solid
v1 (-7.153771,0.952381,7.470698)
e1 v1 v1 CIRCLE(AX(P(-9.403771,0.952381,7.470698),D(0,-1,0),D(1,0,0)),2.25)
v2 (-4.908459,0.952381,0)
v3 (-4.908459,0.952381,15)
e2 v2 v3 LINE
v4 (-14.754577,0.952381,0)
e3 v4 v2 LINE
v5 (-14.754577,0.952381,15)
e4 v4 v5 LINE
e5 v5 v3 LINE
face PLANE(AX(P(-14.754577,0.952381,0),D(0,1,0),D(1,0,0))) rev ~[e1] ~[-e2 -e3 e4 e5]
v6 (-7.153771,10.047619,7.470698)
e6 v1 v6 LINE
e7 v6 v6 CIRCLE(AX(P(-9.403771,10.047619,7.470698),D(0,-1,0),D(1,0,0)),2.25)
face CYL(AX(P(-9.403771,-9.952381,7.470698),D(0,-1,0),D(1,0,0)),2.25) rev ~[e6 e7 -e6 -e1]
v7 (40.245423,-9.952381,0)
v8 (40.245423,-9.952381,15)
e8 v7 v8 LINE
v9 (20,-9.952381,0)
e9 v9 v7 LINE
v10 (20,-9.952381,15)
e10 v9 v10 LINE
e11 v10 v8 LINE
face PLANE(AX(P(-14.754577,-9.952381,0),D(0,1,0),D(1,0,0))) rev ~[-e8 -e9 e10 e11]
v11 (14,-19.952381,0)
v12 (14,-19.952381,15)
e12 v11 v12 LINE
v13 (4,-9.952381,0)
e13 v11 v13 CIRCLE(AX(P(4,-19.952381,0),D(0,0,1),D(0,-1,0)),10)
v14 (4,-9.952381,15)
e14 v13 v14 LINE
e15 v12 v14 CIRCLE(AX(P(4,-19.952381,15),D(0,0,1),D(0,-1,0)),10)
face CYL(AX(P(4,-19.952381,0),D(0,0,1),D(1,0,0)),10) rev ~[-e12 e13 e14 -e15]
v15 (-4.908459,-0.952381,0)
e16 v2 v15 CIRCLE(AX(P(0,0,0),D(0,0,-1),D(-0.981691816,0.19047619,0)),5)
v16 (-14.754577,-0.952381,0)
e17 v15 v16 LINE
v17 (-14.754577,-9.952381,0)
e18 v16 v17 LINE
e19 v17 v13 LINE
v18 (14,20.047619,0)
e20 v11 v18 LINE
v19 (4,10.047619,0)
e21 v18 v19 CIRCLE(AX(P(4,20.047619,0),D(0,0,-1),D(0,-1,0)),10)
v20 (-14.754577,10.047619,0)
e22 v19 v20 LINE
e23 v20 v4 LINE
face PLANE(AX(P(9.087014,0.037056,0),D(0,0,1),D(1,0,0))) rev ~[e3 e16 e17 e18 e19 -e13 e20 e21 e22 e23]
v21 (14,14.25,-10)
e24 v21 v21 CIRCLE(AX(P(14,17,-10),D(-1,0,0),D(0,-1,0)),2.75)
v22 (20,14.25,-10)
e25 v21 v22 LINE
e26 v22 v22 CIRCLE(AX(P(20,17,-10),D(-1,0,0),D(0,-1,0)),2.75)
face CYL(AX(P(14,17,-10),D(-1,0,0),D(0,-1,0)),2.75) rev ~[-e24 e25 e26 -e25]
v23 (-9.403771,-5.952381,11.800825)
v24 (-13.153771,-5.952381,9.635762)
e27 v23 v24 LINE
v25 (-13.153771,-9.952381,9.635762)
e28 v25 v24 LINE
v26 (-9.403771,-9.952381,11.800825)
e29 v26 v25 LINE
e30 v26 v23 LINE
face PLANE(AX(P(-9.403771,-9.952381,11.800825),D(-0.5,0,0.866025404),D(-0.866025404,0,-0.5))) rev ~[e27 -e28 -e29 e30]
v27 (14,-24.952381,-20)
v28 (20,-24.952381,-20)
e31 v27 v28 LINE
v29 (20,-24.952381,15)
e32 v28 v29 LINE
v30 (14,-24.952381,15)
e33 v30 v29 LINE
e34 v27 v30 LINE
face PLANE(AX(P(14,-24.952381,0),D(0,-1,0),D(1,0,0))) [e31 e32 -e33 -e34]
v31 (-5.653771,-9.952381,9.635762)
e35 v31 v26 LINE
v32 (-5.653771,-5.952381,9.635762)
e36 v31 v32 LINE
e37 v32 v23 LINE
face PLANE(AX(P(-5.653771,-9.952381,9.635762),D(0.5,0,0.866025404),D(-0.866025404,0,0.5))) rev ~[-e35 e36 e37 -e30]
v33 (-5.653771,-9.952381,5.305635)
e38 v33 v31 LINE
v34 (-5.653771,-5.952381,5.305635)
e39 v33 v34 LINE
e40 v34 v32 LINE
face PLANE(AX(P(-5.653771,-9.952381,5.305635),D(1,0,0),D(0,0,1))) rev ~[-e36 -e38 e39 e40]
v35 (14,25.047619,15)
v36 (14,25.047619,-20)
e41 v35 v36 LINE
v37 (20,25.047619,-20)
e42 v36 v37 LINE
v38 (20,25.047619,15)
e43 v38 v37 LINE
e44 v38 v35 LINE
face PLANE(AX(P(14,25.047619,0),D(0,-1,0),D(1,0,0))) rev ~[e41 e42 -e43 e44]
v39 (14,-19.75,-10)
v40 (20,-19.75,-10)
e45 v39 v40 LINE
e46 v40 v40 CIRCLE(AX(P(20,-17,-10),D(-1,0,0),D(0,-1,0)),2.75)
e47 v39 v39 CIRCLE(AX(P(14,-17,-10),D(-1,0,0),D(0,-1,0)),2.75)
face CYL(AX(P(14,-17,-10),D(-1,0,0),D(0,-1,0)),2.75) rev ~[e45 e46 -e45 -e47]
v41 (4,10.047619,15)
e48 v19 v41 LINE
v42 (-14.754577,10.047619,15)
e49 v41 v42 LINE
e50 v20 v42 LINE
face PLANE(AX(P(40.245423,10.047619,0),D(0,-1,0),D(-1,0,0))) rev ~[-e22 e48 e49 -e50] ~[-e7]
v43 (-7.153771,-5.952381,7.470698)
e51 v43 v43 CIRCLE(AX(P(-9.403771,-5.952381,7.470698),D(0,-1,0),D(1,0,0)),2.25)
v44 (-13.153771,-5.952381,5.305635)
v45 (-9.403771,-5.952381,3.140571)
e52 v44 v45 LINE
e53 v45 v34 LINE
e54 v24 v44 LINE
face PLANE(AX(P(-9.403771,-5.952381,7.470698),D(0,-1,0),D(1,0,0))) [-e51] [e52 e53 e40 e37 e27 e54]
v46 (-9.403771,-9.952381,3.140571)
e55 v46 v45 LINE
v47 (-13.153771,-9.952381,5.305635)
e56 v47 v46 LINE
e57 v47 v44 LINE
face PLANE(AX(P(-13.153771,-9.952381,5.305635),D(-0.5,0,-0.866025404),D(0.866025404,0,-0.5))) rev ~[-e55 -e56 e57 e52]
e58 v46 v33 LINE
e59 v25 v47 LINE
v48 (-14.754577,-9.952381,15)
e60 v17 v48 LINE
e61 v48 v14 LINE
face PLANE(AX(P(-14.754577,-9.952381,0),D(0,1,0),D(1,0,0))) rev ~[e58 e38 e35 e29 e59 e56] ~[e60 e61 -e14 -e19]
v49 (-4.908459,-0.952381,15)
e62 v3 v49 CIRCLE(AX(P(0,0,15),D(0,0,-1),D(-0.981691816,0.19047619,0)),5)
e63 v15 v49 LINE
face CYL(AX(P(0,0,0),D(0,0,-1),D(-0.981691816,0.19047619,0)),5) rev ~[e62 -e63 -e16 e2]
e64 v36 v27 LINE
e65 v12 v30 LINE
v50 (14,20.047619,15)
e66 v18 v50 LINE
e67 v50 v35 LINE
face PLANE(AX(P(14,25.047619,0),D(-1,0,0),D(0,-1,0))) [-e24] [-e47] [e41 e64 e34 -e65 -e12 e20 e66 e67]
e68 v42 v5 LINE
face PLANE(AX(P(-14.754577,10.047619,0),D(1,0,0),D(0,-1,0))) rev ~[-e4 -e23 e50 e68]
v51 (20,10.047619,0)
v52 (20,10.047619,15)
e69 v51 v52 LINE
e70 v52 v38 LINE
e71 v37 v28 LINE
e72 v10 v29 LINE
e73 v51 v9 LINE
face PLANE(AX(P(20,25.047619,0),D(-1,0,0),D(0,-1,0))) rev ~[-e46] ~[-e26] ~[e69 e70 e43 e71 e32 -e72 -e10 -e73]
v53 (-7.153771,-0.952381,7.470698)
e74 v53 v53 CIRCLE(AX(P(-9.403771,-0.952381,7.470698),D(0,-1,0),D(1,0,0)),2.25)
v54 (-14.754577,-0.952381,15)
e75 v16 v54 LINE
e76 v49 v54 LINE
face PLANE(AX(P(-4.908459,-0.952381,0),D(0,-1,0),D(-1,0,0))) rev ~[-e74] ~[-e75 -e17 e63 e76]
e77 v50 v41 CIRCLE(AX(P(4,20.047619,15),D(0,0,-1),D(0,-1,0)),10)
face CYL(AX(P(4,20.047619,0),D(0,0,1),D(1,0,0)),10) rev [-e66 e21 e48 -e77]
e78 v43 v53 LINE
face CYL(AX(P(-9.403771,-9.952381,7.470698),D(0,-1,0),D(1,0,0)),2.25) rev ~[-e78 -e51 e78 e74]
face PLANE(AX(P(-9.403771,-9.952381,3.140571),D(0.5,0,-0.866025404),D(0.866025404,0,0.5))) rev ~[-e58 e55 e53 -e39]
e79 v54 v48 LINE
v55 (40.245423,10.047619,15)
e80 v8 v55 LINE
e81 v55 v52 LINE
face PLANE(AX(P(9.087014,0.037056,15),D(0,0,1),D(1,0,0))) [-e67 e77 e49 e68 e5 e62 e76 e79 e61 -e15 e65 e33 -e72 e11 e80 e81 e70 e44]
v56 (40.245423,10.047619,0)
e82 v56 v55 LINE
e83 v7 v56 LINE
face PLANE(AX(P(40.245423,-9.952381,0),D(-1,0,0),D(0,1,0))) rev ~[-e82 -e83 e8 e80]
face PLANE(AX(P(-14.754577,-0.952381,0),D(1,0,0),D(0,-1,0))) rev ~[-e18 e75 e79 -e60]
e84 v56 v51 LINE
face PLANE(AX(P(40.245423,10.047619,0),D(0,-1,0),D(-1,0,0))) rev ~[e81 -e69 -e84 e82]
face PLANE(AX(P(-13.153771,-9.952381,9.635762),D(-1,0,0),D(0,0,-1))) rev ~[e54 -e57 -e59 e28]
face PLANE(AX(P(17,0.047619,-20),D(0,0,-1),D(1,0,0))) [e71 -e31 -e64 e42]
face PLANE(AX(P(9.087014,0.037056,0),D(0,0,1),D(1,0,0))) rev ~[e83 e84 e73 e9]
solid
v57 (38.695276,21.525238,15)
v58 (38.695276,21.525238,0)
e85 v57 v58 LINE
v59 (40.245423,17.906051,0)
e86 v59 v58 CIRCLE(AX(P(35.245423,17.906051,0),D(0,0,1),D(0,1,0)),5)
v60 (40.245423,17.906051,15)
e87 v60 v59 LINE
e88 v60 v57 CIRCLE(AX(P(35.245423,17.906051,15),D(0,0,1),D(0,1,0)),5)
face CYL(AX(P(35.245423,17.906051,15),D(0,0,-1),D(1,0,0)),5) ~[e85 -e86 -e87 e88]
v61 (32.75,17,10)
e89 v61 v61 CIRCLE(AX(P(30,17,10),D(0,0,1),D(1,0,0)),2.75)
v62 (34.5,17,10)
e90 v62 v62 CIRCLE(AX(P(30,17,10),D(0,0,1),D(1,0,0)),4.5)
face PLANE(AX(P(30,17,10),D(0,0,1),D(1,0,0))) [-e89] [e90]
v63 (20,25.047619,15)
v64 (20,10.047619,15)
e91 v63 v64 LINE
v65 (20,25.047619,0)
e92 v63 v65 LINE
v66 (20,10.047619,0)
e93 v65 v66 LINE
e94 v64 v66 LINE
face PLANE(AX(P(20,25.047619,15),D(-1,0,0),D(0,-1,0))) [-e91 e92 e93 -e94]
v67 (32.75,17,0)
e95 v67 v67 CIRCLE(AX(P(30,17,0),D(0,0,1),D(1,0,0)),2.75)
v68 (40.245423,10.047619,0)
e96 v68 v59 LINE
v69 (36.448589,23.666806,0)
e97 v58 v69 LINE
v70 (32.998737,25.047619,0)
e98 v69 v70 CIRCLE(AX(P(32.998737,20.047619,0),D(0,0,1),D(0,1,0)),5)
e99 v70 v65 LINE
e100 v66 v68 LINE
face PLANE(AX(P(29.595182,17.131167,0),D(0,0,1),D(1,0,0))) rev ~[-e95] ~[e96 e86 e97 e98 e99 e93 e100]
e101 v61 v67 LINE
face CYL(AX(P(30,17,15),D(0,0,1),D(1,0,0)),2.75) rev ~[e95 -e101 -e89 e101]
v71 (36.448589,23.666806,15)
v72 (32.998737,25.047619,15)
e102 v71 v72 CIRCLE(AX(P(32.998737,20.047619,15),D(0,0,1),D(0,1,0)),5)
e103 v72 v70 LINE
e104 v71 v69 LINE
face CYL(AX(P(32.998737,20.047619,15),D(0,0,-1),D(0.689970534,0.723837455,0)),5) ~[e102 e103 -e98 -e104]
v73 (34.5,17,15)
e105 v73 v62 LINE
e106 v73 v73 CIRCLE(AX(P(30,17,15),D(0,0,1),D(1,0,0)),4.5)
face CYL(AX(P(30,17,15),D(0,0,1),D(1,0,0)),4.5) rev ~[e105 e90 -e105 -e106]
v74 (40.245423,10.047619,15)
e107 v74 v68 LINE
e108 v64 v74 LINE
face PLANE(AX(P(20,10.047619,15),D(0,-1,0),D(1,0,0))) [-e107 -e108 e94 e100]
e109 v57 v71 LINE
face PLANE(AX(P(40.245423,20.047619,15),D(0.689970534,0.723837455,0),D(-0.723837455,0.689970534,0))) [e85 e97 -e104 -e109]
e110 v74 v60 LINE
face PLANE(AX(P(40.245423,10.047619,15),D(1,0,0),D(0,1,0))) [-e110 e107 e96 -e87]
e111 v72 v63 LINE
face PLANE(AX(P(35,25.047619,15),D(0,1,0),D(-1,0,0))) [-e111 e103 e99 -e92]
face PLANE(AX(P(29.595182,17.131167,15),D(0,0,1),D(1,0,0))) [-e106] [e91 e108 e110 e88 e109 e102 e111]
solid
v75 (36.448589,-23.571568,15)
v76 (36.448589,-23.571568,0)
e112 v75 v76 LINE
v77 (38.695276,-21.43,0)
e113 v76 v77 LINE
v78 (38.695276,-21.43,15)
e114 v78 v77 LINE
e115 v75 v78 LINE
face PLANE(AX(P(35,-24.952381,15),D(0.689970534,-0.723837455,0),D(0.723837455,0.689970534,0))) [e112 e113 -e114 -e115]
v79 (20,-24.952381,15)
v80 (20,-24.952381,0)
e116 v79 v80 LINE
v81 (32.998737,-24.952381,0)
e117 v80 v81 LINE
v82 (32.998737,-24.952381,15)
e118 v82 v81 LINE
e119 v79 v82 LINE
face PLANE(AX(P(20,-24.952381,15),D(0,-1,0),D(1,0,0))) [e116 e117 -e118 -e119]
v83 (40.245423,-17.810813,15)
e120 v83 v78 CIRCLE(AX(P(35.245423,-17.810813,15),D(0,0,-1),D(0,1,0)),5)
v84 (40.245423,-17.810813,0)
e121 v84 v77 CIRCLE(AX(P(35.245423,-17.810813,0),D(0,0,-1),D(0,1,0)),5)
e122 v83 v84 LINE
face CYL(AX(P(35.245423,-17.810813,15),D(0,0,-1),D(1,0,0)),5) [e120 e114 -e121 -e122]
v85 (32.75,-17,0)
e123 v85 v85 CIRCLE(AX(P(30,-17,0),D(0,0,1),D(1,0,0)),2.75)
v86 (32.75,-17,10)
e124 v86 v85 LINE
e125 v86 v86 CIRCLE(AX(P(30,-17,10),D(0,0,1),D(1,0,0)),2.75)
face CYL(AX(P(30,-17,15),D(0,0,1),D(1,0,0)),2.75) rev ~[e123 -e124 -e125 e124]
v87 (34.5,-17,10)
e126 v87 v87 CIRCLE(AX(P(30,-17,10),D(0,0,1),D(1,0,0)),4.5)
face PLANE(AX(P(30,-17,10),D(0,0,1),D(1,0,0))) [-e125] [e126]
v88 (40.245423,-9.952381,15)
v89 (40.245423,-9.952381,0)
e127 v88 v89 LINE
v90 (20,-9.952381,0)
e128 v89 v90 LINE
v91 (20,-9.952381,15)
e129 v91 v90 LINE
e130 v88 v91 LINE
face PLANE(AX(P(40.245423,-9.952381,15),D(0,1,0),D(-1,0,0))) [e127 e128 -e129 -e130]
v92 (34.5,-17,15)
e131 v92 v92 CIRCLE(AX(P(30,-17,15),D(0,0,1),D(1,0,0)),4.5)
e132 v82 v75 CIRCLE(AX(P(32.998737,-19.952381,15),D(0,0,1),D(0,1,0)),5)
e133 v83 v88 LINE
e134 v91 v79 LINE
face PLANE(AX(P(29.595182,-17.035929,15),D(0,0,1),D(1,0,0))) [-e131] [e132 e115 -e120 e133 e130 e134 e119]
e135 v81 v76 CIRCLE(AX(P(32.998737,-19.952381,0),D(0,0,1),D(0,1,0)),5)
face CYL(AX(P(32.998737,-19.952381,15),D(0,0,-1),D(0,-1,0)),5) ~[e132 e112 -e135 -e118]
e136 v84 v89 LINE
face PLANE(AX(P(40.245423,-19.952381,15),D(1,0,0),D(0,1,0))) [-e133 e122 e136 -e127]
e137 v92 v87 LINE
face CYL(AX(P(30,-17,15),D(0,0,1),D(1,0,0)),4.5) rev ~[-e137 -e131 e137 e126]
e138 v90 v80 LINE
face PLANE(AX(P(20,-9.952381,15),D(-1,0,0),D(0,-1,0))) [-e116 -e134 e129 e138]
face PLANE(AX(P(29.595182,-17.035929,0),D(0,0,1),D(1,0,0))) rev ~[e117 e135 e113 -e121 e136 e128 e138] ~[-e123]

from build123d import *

# Parameters (mm, degrees)
F1_DEPTH  = 15
F2_W      = 6
F2_H      = 15
F3_DEPTH  = 15
F4_W      = 6
F4_H      = 15
F5_DEPTH  = 15
F6_W      = 6
F6_H      = 50
F7_DEPTH  = 20
F8_R      = 2.75
F9_DEPTH  = 10
F11_DEPTH = 15
F12_R     = 10
F13_R     = 5
F13_2_R   = 5
F14_R     = 2.25
F15_DEPTH = 25
F16_R     = 2.75
F17_DEPTH = 20
F16_R_2   = 4.5
F18_DEPTH = 5
F19_R     = 2.75
F20_DEPTH = 20
F19_R_2   = 4.5
F21_DEPTH = 5
F22_DEPTH = 4


with BuildPart() as f1:
    # F0 (on Top) → F1 (new body)
    with BuildSketch(Plane.XY):
        with BuildLine():
            ThreePointArc((-4.9084590781, 0.9523809524), (5, 0), (-4.9084590781, -0.9523809524))
            Line((-4.9084590781, -0.9523809524), (-14.7545770461, -0.9523809524))
            Line((-14.7545770461, -0.9523809524), (-14.7545770461, -9.9523809524))
            Line((-14.7545770461, -9.9523809524), (40.2454229539, -9.9523809524))
            Line((40.2454229539, -9.9523809524), (40.2454229539, 10.0476190476))
            Line((40.2454229539, 10.0476190476), (-14.7545770461, 10.0476190476))
            Line((-14.7545770461, 10.0476190476), (-14.7545770461, 0.9523809524))
            Line((-14.7545770461, 0.9523809524), (-4.9084590781, 0.9523809524))
        make_face()
    extrude(amount=F1_DEPTH)

    # F2 (on face) → F3 (join)
    with BuildSketch(Plane.XZ.offset(9.9523809524)):
        with Locations((17, 7.5)):
            Rectangle(F2_W, F2_H)
    extrude(amount=F3_DEPTH)

    # F4 (on face) → F5 (join)
    with BuildSketch(Plane(origin=(0, 10.0476190476, 0), x_dir=(-1, 0, 0), z_dir=(0, 1, 0))):
        with Locations((-17, 7.5)):
            Rectangle(F4_W, F4_H)
    extrude(amount=F5_DEPTH)

    # F6 (on face) → F7 (join)
    with BuildSketch(Plane(origin=(0, 0, 0), x_dir=(1, 0, 0), z_dir=(0, 0, -1))):
        with Locations((17, -0.0476190476)):
            Rectangle(F6_W, F6_H)
    extrude(amount=F7_DEPTH)

    # F8 (on face) → F9 (cut)
    with BuildSketch(Plane(origin=(14, 0, 0), x_dir=(0, -1, 0), z_dir=(-1, 0, 0))):
        with Locations((-17, -10)):
            Circle(F8_R)
        with Locations((17, -10)):
            Circle(F8_R)
    extrude(amount=-F9_DEPTH, mode=Mode.SUBTRACT)

    # F12
    f12_edges = [f1.edges().sort_by_distance(p)[0] for p in [
        (14, -9.952381, 7.5),
        (14, 10.047619, 7.5),
    ]]
    fillet(f12_edges, radius=F12_R)

    # F14 (on face) → F15 (cut)
    with BuildSketch(Plane.XZ.offset(9.9523809524)):
        with Locations((-9.4037707895, 7.4706980959)):
            Circle(F14_R)
    extrude(amount=-F15_DEPTH, mode=Mode.SUBTRACT)

    # F14 (on face) → F22 (cut)
    with BuildSketch(Plane.XZ.offset(9.9523809524)):
        Polygon((-5.6537707895, 5.3056345864), (-5.6537707895, 9.6357616053), (-9.4037707895, 11.8008251148), (-13.1537707895, 9.6357616053), (-13.1537707895, 5.3056345864), (-9.4037707895, 3.1405710769), align=None)
        with Locations((-9.4037707895, 7.4706980959)):
            Circle(F14_R, mode=Mode.SUBTRACT)
    extrude(amount=-F22_DEPTH, mode=Mode.SUBTRACT)


with BuildPart() as f11:
    # F10 (on face) → F11 (new body)
    with BuildSketch(Plane.XY.offset(15)):
        Polygon((20, 25.0476190476), (20, 10.0476190476), (40.2454229539, 10.0476190476), (40.2454229539, 20.0476190476), (35, 25.0476190476), align=None)
    extrude(amount=-F11_DEPTH)

    # F13#2
    f13_2_edges = [f11.edges().sort_by_distance(p)[0] for p in [
        (40.245423, 20.047619, 7.5),
        (35, 25.047619, 7.5),
    ]]
    fillet(f13_2_edges, radius=F13_2_R)

    # F16 (on face) → F17 (cut)
    with BuildSketch(Plane.XY.offset(15)):
        with Locations((30, 17)):
            Circle(F16_R)
    extrude(amount=-F17_DEPTH, mode=Mode.SUBTRACT)

    # F16 (on face) → F18 (cut)
    with BuildSketch(Plane.XY.offset(15)):
        with Locations((30, 17)):
            Circle(F16_R_2)
        with Locations((30, 17)):
            Circle(F16_R, mode=Mode.SUBTRACT)
    extrude(amount=-F18_DEPTH, mode=Mode.SUBTRACT)


with BuildPart() as f11b:
    # F10 (on face) → F11, piece 2 (new body)
    with BuildSketch(Plane.XY.offset(15)):
        Polygon((40.2454229539, -19.9523809524), (40.2454229539, -9.9523809524), (20, -9.9523809524), (20, -24.9523809524), (35, -24.9523809524), align=None)
    extrude(amount=-F11_DEPTH)

    # F13
    f13_edges = [f11b.edges().sort_by_distance(p)[0] for p in [
        (35, -24.952381, 7.5),
        (40.245423, -19.952381, 7.5),
    ]]
    fillet(f13_edges, radius=F13_R)

    # F19 (on face) → F20 (cut)
    with BuildSketch(Plane.XY.offset(15)):
        with Locations((30, -17)):
            Circle(F19_R)
    extrude(amount=-F20_DEPTH, mode=Mode.SUBTRACT)

    # F19 (on face) → F21 (cut)
    with BuildSketch(Plane.XY.offset(15)):
        with Locations((30, -17)):
            Circle(F19_R_2)
        with Locations((30, -17)):
            Circle(F19_R, mode=Mode.SUBTRACT)
    extrude(amount=-F21_DEPTH, mode=Mode.SUBTRACT)


solid = Compound([f1.part, f11.part, f11b.part])
